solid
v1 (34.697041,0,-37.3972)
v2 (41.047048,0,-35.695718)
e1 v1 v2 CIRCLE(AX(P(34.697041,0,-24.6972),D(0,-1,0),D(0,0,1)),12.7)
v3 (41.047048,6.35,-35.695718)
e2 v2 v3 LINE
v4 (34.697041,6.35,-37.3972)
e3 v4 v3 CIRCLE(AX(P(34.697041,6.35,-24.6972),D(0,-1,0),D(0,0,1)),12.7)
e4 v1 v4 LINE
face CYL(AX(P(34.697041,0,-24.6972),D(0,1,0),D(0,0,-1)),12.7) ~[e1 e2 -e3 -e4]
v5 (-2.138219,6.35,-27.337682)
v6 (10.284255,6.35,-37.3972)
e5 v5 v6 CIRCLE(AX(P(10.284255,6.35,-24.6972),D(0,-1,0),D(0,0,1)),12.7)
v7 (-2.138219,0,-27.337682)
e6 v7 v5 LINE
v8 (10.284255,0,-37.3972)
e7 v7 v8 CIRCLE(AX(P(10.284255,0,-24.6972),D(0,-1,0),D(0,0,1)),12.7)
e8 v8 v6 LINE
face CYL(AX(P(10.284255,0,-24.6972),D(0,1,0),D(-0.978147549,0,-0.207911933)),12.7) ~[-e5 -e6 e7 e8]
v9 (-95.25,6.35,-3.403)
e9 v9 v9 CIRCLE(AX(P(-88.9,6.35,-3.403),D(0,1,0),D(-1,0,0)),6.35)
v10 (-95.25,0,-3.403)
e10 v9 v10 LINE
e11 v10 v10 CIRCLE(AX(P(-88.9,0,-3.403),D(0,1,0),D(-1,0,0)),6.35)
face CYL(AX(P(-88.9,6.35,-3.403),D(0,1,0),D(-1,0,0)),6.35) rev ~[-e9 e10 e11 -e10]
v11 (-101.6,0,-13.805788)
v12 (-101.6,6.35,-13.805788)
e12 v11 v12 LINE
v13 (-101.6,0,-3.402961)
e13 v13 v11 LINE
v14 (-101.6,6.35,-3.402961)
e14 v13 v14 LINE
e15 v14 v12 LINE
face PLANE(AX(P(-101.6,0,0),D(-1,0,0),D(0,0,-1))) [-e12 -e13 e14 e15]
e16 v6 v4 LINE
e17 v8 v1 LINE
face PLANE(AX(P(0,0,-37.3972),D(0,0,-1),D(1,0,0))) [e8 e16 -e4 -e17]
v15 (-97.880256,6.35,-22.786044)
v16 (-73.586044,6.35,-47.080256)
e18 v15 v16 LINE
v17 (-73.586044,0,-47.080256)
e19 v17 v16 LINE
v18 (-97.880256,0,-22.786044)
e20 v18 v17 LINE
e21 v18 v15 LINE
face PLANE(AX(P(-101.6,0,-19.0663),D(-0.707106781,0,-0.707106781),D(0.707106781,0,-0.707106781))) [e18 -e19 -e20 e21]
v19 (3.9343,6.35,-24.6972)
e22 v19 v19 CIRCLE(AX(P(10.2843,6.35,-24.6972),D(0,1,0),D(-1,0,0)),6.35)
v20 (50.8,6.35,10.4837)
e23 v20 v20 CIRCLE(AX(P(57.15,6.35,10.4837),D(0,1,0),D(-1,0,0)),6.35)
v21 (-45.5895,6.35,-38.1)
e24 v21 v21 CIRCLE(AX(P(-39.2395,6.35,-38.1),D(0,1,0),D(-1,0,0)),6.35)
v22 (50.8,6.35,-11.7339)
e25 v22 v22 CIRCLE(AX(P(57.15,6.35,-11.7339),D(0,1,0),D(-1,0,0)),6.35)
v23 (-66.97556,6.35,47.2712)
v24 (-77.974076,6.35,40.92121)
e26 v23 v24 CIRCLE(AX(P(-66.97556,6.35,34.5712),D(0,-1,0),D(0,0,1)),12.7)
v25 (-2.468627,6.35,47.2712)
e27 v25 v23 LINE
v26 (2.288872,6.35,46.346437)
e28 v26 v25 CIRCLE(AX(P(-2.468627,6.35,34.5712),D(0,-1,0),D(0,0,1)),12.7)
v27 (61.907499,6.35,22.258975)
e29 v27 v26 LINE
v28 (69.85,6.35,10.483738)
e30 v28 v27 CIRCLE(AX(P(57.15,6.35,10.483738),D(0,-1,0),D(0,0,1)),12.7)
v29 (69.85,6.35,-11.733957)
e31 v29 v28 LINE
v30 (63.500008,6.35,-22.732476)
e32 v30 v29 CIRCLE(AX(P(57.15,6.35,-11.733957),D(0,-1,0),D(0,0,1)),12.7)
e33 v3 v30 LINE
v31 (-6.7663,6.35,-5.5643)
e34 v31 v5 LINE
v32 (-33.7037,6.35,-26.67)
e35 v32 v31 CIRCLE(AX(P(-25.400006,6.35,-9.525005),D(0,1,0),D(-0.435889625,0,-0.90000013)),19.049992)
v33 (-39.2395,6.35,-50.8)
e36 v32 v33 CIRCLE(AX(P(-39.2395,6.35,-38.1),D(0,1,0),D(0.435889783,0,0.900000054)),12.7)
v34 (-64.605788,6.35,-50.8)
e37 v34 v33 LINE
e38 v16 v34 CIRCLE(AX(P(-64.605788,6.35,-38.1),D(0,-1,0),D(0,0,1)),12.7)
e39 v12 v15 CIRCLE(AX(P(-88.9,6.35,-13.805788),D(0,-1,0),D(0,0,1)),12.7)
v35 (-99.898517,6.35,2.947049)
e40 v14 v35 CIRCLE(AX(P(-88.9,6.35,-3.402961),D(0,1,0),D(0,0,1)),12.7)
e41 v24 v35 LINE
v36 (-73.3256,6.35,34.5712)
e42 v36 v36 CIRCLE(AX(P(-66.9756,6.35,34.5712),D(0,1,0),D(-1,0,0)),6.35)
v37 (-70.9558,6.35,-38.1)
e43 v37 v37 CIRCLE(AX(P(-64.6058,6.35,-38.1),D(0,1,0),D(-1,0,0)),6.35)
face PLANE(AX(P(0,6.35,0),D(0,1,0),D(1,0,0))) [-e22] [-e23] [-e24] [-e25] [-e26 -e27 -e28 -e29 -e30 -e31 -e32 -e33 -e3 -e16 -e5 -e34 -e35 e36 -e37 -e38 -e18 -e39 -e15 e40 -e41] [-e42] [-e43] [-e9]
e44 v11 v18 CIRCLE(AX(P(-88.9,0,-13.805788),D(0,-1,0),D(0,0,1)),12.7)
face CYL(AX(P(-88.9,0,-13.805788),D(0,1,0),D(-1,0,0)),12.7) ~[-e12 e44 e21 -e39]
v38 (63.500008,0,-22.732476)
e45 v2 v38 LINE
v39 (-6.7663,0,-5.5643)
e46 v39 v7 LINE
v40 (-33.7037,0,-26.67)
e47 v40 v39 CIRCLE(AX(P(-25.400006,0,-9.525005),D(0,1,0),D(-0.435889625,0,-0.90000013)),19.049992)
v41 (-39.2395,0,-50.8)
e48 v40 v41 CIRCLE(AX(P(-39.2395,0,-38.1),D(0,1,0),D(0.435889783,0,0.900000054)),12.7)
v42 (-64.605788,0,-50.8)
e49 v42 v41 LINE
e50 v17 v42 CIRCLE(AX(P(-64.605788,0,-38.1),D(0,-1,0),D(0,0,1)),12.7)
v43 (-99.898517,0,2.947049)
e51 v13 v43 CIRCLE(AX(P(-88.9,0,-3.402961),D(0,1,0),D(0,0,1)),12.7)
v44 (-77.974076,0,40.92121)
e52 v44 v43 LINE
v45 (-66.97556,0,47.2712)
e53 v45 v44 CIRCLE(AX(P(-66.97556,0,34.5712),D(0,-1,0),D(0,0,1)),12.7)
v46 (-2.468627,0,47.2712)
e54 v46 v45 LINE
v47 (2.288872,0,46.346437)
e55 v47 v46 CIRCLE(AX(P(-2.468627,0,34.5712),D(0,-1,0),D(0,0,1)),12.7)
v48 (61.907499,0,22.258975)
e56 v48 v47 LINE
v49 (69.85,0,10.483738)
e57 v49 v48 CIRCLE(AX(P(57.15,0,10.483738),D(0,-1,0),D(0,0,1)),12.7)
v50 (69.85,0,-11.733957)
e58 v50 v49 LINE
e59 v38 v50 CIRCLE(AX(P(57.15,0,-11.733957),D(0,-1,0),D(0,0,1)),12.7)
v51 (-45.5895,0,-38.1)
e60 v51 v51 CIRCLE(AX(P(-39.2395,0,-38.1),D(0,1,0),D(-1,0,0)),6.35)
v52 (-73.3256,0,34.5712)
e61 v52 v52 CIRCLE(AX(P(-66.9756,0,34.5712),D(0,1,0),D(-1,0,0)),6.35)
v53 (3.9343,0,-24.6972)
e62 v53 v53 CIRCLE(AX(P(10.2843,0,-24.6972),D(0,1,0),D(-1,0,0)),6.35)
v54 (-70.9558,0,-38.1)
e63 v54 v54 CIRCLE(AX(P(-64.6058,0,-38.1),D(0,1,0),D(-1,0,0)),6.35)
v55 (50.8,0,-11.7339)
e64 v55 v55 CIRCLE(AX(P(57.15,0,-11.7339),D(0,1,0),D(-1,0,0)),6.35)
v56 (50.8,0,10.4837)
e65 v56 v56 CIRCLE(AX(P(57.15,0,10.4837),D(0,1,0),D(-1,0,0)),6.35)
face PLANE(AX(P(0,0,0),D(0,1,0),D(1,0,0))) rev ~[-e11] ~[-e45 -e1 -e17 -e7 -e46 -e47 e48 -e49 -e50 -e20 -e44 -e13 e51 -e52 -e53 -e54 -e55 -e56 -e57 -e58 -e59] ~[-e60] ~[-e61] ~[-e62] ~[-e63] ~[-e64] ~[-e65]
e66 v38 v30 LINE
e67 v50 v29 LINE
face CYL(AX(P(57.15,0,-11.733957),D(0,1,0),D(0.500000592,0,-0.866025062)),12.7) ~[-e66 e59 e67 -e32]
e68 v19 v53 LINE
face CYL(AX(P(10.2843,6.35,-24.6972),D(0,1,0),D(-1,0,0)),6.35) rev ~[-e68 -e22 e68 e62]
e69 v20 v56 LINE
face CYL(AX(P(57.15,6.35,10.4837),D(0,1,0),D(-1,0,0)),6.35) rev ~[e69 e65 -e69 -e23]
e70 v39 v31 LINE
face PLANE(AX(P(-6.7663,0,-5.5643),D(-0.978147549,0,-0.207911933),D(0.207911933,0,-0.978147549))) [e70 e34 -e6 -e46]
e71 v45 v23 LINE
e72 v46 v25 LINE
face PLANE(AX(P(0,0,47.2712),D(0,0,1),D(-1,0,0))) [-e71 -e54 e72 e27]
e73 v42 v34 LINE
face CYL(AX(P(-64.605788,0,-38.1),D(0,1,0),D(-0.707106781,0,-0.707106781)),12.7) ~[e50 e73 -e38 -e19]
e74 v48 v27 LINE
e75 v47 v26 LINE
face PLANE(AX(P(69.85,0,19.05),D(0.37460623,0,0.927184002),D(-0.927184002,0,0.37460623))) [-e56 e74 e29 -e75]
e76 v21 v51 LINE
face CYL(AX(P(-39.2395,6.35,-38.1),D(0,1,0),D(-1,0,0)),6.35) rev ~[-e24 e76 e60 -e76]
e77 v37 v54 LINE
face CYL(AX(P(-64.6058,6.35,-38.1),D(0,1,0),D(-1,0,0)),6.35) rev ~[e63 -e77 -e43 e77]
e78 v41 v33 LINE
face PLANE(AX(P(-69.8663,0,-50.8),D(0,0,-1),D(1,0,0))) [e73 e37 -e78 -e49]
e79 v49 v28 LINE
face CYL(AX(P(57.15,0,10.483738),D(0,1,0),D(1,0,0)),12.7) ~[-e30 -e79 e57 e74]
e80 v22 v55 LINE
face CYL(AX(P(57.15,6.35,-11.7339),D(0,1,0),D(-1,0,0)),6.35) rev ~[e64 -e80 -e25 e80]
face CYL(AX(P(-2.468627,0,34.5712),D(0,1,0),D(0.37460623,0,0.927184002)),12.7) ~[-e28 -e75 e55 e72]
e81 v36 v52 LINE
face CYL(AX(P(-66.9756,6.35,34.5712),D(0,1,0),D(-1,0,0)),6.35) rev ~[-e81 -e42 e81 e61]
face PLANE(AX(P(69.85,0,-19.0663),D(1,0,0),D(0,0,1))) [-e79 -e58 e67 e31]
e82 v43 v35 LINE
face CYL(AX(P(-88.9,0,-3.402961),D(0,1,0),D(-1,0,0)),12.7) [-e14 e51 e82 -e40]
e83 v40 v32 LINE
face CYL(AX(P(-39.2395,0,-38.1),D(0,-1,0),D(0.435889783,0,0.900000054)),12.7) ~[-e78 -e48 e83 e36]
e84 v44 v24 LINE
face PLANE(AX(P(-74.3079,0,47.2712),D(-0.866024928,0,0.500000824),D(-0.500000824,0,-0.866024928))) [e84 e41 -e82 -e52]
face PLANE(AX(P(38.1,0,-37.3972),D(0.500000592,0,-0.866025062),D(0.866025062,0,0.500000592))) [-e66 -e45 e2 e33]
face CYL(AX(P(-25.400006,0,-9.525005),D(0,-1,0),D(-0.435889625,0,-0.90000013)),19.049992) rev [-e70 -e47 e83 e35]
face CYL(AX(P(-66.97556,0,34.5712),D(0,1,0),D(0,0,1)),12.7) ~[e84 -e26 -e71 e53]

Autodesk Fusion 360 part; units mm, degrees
sketch "Sketch1" plane through (0, 0, 0) normal (0, 1, 0) x (1, 0, 0)
  line L0 (-101.6, 0) -> (-101.6, 19.0663)
  line L1 (-101.6, 19.0663) -> (-69.8663, 50.8)
  line L2 (-69.8663, 50.8) -> (-39.2395, 50.8)
  arc A0 (-33.7037, 26.67) -> (-39.2395, 50.8) centre (-39.2395, 38.1) ccw
  arc A1 (-33.7037, 26.67) -> (-6.7663, 5.5643) centre (-25.4, 9.525) ccw
  line L3 (-6.7663, 5.5643) -> (0, 37.3972)
  line L4 (0, 37.3972) -> (38.1, 37.3972)
  line L5 (38.1, 37.3972) -> (69.85, 19.0663)
  line L6 (69.85, 19.0663) -> (69.85, -19.05)
  line L7 (69.85, -19.05) -> (0, -47.2712)
  line L8 (0, -47.2712) -> (-74.3079, -47.2712)
  line L9 (-74.3079, -47.2712) -> (-101.6, 0)
  dimension "d1" = 9.525
  dimension "d2" = 19.05
  dimension "d3" = 25.4
  dimension "d4" = 102
  dimension "d5" = 38.1
  dimension "d6" = 150
  dimension "d7" = 69.85
  dimension "d8" = 112
  dimension "d9" = 19.05
  dimension "d10" = 120
  dimension "d11" = 101.6
  dimension "d12" = 135
  dimension "d13" = 50.8
  dimension "d14" = 12.7
extrude "Extrude1" add sketch "Sketch1" along normal blind 6.35
fillet "Fillet1" radius 12.7 9 edges at (-69.8663, 3.175, -50.8) (-101.6, 3.175, -19.0663) (-101.6, 3.175, 0) (-74.3079, 3.175, 47.2712) (0, 3.175, 47.2712) (0, 3.175, -37.3972) (38.1, 3.175, -37.3972) (69.85, 3.175, -19.0663) (69.85, 3.175, 19.05)
sketch "Sketch2" plane through (0, 6.35, 0) normal (0, 1, 0) x (-1, 0, 0)
  arc A0 (-61.9075, 22.259) -> (-69.85, 10.4837) centre (-57.15, 10.4837) ccw
  line L0 (-69.85, 10.4837) -> (-69.85, -11.7339)
  arc A1 (-69.85, -11.7339) -> (-63.5, -22.7325) centre (-57.15, -11.7339) ccw
  line L1 (-63.5, -22.7325) -> (-41.047, -35.6957)
  arc A2 (-41.047, -35.6957) -> (-34.697, -37.3972) centre (-34.697, -24.6972) ccw
  line L2 (-34.697, -37.3972) -> (-10.2843, -37.3972)
  arc A3 (-10.2843, -37.3972) -> (2.1382, -27.3376) centre (-10.2843, -24.6972) ccw
  line L3 (2.1382, -27.3376) -> (6.7663, -5.5643)
  arc A4 (33.7037, -26.67) -> (6.7663, -5.5643) centre (25.4, -9.525) ccw
  arc A5 (33.7037, -26.67) -> (39.2395, -50.8) centre (39.2395, -38.1) ccw
  line L4 (39.2395, -50.8) -> (64.6058, -50.8)
  arc A6 (64.6058, -50.8) -> (73.586, -47.0803) centre (64.6058, -38.1) ccw
  line L5 (73.586, -47.0803) -> (97.8803, -22.786)
  arc A7 (97.8803, -22.786) -> (101.6, -13.8058) centre (88.9, -13.8058) ccw
  line L6 (101.6, -13.8058) -> (101.6, -3.403)
  arc A8 (101.6, -3.403) -> (99.8985, 2.947) centre (88.9, -3.403) ccw
  line L7 (99.8985, 2.947) -> (77.9741, 40.9212)
  arc A9 (77.9741, 40.9212) -> (66.9756, 47.2712) centre (66.9756, 34.5712) ccw
  line L8 (66.9756, 47.2712) -> (2.4686, 47.2712)
  arc A10 (2.4686, 47.2712) -> (-2.2889, 46.3465) centre (2.4686, 34.5712) ccw
  line L9 (-2.2889, 46.3465) -> (-61.9075, 22.259)
  circle A11 centre (64.6058, -38.1) radius 6.35
  circle A12 centre (39.2395, -38.1) radius 6.35
  circle A13 centre (-10.2843, -24.6972) radius 6.35
  circle A14 centre (-57.15, -11.7339) radius 6.35
  circle A15 centre (-57.15, 10.4837) radius 6.35
  circle A16 centre (66.9756, 34.5712) radius 6.35
  circle A17 centre (88.9, -3.403) radius 6.35
  dimension "d18" = 12.7
extrude "Extrude2" cut sketch "Sketch2" against normal blind 15.24 contours A11 | A12 | A13 | A14 | A15 | A16 | A17
